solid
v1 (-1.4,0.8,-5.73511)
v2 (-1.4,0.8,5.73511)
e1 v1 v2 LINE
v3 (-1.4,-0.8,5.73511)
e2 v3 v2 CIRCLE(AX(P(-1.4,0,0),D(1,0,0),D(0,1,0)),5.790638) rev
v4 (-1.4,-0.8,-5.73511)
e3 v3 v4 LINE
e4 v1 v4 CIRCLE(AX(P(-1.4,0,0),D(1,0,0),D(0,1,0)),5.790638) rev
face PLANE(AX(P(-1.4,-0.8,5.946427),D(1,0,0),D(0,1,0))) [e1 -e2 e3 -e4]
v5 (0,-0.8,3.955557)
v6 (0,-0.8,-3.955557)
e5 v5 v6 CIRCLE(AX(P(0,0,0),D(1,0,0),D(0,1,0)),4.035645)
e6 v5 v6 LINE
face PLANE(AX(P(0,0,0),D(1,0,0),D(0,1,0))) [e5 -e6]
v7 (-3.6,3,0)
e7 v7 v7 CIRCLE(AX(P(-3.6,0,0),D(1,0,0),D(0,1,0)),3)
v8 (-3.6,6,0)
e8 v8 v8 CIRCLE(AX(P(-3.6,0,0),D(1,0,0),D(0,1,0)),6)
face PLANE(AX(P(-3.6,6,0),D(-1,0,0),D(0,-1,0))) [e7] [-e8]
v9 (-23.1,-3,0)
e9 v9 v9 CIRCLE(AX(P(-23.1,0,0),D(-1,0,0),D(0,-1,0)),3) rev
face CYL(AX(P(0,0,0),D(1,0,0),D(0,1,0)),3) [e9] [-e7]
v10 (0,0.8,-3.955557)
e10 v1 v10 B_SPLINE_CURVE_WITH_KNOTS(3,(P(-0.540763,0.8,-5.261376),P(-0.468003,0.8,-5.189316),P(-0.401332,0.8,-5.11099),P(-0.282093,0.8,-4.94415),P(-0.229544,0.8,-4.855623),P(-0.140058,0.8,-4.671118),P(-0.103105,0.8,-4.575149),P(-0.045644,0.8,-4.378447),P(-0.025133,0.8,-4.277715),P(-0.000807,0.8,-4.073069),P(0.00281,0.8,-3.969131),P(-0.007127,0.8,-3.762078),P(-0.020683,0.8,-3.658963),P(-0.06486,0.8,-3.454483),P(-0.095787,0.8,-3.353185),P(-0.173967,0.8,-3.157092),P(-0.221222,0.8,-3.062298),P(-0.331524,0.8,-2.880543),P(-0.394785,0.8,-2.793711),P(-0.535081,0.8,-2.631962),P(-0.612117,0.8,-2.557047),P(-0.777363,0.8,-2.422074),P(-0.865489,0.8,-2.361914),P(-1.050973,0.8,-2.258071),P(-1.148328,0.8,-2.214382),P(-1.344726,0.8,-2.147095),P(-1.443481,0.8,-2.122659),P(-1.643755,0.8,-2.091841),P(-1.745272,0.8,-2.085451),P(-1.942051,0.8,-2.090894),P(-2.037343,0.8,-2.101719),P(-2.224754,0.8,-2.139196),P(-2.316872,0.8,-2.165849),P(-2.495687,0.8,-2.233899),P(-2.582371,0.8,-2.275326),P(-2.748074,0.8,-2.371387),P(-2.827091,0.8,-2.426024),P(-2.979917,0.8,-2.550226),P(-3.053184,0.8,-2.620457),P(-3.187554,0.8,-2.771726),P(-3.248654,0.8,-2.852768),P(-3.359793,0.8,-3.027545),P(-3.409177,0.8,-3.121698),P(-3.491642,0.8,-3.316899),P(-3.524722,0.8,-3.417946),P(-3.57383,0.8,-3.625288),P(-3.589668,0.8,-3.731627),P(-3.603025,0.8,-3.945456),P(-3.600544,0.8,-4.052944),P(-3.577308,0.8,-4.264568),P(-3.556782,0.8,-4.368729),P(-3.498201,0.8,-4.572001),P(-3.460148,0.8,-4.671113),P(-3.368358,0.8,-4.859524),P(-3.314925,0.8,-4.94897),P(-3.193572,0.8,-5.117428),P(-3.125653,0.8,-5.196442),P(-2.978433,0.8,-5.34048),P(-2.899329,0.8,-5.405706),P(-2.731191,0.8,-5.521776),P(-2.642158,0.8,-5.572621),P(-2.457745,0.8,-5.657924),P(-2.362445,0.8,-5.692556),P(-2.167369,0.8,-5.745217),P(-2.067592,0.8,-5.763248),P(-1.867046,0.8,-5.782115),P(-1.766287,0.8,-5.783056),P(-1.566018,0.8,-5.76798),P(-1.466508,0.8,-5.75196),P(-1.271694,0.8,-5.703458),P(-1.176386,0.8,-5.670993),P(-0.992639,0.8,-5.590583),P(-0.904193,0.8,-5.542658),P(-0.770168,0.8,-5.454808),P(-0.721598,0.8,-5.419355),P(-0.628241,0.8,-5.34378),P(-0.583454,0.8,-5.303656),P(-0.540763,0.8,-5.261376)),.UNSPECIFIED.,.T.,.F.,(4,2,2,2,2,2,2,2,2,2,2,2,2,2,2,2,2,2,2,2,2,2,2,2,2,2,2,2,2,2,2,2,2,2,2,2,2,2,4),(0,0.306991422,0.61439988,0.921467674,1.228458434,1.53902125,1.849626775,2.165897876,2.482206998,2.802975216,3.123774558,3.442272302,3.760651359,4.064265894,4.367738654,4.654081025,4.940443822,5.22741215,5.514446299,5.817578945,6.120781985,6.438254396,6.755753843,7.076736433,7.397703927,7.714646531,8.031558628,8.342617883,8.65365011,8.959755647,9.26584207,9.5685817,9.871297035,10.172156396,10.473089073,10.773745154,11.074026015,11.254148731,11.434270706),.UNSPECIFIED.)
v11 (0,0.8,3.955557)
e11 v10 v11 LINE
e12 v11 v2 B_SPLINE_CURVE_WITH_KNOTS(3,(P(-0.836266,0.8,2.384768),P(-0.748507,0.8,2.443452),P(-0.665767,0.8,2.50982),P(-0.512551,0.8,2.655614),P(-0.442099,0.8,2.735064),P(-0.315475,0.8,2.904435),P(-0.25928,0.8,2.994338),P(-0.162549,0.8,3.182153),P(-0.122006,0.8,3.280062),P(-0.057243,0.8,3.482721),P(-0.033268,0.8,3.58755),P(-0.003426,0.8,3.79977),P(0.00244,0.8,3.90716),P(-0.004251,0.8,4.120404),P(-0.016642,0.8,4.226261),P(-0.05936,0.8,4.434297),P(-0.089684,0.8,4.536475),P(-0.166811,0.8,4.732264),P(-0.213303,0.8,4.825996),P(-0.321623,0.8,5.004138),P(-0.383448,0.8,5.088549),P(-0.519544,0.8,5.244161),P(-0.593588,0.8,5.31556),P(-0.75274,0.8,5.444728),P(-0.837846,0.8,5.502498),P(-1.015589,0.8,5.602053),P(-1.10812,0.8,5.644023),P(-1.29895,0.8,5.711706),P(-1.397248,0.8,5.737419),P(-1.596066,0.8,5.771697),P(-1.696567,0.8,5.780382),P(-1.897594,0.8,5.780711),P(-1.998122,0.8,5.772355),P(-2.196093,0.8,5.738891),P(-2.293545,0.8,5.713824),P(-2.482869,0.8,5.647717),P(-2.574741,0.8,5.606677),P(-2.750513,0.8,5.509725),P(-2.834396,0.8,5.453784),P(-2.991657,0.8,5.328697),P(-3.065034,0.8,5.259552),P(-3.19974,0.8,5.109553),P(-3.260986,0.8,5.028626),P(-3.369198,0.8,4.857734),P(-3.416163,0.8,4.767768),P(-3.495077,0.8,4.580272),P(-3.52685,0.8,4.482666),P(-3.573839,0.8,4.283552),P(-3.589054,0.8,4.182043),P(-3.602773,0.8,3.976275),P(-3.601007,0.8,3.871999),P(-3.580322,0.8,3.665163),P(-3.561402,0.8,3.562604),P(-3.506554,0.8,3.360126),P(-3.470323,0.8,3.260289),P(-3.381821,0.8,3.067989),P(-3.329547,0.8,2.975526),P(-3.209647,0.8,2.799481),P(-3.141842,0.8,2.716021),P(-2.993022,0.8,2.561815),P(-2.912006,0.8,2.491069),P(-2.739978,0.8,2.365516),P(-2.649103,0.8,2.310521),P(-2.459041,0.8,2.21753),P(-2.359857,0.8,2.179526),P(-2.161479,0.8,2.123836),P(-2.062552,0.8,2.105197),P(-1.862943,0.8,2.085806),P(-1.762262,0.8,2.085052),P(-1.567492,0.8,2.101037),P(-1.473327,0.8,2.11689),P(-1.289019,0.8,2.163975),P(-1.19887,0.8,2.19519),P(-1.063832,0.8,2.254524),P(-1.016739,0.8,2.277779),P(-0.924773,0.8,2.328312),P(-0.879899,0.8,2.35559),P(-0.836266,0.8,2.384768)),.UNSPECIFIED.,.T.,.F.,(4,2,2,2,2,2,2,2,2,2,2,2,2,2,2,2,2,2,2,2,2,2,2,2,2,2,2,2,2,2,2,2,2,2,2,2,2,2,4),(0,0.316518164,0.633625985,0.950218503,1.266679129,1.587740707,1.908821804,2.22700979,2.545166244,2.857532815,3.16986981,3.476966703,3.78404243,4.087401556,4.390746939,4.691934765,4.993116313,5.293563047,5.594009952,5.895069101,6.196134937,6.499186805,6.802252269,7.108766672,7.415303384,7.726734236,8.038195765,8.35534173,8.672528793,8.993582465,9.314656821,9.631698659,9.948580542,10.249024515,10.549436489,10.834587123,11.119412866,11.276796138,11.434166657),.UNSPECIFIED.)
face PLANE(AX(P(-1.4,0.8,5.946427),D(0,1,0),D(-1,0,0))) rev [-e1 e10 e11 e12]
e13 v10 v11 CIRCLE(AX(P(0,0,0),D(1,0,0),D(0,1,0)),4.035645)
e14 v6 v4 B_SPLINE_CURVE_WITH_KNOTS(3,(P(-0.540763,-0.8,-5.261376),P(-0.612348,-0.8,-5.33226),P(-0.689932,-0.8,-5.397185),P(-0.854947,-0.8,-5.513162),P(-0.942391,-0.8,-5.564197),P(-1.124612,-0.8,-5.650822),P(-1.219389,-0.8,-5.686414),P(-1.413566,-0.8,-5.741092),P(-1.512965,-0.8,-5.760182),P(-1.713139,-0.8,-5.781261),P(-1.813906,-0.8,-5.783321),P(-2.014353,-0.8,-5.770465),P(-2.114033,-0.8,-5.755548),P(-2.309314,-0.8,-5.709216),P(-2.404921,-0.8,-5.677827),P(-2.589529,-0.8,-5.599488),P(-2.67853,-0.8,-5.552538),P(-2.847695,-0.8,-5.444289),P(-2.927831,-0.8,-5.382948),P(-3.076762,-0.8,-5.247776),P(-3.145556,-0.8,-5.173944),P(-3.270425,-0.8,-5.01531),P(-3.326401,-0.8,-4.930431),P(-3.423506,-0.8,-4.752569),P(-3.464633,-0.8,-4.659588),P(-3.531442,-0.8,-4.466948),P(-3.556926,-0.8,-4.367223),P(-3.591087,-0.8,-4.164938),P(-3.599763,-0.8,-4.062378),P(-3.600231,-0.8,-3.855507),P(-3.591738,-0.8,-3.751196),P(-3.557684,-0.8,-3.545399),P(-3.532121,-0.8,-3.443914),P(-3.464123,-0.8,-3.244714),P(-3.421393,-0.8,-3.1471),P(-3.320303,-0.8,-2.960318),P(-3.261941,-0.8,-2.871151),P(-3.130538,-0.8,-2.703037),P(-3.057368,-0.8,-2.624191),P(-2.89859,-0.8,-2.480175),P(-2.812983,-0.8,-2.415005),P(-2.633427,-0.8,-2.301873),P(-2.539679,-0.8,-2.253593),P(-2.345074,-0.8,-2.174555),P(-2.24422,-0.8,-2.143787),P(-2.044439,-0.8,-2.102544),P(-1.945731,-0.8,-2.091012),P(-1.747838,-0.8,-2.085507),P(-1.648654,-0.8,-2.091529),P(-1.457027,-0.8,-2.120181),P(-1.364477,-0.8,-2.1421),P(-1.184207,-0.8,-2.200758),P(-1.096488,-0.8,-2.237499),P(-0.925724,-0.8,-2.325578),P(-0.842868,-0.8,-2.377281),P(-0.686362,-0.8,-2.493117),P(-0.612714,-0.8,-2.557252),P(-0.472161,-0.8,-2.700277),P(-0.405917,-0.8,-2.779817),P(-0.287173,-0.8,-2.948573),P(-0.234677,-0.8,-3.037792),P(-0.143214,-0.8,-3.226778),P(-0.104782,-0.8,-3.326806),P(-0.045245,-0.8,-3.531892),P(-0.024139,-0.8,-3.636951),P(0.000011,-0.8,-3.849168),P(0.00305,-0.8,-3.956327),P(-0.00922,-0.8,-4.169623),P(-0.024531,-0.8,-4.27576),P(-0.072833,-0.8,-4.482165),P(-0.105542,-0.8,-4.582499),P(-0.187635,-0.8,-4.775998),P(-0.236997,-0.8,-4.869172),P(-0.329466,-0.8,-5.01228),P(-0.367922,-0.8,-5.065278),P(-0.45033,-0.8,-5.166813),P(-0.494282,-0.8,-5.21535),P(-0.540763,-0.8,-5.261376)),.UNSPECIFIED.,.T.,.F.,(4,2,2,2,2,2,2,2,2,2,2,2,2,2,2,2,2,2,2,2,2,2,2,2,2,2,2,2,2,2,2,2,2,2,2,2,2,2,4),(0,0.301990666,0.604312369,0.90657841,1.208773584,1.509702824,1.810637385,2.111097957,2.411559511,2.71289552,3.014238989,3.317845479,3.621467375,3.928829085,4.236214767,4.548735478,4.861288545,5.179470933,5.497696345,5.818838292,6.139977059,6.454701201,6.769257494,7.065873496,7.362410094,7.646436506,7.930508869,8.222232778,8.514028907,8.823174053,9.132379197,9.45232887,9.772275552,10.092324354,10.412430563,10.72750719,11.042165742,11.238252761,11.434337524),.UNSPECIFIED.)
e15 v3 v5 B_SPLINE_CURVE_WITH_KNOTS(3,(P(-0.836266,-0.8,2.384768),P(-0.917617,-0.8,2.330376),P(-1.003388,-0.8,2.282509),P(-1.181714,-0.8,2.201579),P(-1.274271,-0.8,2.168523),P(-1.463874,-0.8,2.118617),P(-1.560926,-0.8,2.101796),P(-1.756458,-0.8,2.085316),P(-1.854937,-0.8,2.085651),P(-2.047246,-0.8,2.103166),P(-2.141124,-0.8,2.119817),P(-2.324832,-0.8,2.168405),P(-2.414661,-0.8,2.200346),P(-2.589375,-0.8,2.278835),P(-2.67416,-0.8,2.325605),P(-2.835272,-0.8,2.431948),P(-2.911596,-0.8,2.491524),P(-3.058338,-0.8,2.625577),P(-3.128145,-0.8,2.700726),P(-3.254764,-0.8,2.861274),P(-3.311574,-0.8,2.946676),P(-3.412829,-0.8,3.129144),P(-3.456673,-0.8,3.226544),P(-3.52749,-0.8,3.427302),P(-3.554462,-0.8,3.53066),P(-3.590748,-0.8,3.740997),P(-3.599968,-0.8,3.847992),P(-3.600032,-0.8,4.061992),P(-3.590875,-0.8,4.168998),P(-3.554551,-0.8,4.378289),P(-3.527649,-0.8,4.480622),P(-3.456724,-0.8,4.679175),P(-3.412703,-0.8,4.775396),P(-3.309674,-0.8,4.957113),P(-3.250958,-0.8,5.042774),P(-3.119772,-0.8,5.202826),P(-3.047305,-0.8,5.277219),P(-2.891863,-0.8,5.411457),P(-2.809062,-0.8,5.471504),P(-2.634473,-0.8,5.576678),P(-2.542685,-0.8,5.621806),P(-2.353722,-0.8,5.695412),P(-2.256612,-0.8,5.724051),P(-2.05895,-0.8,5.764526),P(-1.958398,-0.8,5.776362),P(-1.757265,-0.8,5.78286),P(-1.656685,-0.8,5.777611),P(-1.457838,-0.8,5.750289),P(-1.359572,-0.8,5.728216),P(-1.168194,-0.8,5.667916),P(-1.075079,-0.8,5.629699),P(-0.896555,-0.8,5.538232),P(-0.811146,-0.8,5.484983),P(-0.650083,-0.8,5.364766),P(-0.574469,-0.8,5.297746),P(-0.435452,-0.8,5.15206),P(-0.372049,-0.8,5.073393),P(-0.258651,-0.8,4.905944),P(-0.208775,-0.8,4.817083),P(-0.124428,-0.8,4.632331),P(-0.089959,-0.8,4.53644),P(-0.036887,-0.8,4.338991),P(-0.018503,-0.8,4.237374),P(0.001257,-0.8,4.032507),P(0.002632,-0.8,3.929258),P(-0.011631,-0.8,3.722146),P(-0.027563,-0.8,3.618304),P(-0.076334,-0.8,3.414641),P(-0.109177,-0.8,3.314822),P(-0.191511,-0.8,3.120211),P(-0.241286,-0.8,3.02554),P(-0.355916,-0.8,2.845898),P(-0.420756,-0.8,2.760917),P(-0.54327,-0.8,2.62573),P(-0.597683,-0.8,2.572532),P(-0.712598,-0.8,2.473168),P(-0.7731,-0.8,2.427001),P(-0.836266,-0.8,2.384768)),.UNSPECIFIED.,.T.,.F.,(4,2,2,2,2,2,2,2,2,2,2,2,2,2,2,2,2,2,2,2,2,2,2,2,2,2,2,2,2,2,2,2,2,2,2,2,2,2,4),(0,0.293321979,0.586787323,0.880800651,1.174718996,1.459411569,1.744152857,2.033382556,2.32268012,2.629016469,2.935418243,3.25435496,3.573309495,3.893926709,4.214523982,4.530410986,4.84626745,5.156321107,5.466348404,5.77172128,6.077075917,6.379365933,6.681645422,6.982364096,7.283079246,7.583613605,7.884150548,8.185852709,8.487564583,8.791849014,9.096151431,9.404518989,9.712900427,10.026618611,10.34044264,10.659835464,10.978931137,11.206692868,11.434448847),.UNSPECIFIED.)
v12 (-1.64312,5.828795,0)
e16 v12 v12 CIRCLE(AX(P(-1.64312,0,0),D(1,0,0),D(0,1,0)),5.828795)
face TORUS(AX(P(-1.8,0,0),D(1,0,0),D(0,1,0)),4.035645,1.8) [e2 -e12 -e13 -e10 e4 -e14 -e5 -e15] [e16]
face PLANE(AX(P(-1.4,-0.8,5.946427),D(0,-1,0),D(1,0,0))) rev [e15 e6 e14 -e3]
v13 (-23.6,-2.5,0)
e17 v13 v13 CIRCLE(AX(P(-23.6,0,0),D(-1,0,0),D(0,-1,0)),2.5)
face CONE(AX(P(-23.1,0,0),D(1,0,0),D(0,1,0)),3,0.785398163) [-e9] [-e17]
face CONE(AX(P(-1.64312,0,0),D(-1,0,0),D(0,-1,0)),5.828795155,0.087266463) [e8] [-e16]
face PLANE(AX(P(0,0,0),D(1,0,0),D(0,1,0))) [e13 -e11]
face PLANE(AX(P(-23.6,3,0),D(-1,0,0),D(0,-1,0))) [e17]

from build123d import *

# Parameters (mm, degrees)
SKETCH2_W          = 11.892854998
SKETCH2_H          = 1.6
CUT_EXTRUDE1_DEPTH = 1.4
CHAMFER1_SIZE      = 0.5


with BuildPart() as part:
    # Sketch1 → Revolve1 (revolve)
    with BuildSketch(Plane.XY):
        with BuildLine():
            Line((0, 0), (0, 4.035644698))
            ThreePointArc((0, 4.035644698), (-0.472900794, 5.251707072), (-1.643119663, 5.828795155))
            Line((-1.643119663, 5.828795155), (-3.6, 6))
            Line((-3.6, 6), (-3.6, 3))
            Line((-3.6, 3), (-23.6, 3))
            Line((-23.6, 3), (-23.6, 0))
            Line((-23.6, 0), (0, 0))
        make_face()
    revolve(axis=Axis((0, 0, 0), (-1, 0, 0)))

    # Sketch2 → Cut-Extrude1 (cut)
    with BuildSketch(Plane(origin=(0, 0, 0), x_dir=(0, 0, -1), z_dir=(1, 0, 0))):
        Rectangle(SKETCH2_W, SKETCH2_H)
    extrude(amount=-CUT_EXTRUDE1_DEPTH, mode=Mode.SUBTRACT)

    # Chamfer1
    chamfer1_edges = [part.edges().sort_by_distance(p)[0] for p in [
        (-23.6, -3, 0),
    ]]
    chamfer(chamfer1_edges, length=CHAMFER1_SIZE)


solid = part.part
